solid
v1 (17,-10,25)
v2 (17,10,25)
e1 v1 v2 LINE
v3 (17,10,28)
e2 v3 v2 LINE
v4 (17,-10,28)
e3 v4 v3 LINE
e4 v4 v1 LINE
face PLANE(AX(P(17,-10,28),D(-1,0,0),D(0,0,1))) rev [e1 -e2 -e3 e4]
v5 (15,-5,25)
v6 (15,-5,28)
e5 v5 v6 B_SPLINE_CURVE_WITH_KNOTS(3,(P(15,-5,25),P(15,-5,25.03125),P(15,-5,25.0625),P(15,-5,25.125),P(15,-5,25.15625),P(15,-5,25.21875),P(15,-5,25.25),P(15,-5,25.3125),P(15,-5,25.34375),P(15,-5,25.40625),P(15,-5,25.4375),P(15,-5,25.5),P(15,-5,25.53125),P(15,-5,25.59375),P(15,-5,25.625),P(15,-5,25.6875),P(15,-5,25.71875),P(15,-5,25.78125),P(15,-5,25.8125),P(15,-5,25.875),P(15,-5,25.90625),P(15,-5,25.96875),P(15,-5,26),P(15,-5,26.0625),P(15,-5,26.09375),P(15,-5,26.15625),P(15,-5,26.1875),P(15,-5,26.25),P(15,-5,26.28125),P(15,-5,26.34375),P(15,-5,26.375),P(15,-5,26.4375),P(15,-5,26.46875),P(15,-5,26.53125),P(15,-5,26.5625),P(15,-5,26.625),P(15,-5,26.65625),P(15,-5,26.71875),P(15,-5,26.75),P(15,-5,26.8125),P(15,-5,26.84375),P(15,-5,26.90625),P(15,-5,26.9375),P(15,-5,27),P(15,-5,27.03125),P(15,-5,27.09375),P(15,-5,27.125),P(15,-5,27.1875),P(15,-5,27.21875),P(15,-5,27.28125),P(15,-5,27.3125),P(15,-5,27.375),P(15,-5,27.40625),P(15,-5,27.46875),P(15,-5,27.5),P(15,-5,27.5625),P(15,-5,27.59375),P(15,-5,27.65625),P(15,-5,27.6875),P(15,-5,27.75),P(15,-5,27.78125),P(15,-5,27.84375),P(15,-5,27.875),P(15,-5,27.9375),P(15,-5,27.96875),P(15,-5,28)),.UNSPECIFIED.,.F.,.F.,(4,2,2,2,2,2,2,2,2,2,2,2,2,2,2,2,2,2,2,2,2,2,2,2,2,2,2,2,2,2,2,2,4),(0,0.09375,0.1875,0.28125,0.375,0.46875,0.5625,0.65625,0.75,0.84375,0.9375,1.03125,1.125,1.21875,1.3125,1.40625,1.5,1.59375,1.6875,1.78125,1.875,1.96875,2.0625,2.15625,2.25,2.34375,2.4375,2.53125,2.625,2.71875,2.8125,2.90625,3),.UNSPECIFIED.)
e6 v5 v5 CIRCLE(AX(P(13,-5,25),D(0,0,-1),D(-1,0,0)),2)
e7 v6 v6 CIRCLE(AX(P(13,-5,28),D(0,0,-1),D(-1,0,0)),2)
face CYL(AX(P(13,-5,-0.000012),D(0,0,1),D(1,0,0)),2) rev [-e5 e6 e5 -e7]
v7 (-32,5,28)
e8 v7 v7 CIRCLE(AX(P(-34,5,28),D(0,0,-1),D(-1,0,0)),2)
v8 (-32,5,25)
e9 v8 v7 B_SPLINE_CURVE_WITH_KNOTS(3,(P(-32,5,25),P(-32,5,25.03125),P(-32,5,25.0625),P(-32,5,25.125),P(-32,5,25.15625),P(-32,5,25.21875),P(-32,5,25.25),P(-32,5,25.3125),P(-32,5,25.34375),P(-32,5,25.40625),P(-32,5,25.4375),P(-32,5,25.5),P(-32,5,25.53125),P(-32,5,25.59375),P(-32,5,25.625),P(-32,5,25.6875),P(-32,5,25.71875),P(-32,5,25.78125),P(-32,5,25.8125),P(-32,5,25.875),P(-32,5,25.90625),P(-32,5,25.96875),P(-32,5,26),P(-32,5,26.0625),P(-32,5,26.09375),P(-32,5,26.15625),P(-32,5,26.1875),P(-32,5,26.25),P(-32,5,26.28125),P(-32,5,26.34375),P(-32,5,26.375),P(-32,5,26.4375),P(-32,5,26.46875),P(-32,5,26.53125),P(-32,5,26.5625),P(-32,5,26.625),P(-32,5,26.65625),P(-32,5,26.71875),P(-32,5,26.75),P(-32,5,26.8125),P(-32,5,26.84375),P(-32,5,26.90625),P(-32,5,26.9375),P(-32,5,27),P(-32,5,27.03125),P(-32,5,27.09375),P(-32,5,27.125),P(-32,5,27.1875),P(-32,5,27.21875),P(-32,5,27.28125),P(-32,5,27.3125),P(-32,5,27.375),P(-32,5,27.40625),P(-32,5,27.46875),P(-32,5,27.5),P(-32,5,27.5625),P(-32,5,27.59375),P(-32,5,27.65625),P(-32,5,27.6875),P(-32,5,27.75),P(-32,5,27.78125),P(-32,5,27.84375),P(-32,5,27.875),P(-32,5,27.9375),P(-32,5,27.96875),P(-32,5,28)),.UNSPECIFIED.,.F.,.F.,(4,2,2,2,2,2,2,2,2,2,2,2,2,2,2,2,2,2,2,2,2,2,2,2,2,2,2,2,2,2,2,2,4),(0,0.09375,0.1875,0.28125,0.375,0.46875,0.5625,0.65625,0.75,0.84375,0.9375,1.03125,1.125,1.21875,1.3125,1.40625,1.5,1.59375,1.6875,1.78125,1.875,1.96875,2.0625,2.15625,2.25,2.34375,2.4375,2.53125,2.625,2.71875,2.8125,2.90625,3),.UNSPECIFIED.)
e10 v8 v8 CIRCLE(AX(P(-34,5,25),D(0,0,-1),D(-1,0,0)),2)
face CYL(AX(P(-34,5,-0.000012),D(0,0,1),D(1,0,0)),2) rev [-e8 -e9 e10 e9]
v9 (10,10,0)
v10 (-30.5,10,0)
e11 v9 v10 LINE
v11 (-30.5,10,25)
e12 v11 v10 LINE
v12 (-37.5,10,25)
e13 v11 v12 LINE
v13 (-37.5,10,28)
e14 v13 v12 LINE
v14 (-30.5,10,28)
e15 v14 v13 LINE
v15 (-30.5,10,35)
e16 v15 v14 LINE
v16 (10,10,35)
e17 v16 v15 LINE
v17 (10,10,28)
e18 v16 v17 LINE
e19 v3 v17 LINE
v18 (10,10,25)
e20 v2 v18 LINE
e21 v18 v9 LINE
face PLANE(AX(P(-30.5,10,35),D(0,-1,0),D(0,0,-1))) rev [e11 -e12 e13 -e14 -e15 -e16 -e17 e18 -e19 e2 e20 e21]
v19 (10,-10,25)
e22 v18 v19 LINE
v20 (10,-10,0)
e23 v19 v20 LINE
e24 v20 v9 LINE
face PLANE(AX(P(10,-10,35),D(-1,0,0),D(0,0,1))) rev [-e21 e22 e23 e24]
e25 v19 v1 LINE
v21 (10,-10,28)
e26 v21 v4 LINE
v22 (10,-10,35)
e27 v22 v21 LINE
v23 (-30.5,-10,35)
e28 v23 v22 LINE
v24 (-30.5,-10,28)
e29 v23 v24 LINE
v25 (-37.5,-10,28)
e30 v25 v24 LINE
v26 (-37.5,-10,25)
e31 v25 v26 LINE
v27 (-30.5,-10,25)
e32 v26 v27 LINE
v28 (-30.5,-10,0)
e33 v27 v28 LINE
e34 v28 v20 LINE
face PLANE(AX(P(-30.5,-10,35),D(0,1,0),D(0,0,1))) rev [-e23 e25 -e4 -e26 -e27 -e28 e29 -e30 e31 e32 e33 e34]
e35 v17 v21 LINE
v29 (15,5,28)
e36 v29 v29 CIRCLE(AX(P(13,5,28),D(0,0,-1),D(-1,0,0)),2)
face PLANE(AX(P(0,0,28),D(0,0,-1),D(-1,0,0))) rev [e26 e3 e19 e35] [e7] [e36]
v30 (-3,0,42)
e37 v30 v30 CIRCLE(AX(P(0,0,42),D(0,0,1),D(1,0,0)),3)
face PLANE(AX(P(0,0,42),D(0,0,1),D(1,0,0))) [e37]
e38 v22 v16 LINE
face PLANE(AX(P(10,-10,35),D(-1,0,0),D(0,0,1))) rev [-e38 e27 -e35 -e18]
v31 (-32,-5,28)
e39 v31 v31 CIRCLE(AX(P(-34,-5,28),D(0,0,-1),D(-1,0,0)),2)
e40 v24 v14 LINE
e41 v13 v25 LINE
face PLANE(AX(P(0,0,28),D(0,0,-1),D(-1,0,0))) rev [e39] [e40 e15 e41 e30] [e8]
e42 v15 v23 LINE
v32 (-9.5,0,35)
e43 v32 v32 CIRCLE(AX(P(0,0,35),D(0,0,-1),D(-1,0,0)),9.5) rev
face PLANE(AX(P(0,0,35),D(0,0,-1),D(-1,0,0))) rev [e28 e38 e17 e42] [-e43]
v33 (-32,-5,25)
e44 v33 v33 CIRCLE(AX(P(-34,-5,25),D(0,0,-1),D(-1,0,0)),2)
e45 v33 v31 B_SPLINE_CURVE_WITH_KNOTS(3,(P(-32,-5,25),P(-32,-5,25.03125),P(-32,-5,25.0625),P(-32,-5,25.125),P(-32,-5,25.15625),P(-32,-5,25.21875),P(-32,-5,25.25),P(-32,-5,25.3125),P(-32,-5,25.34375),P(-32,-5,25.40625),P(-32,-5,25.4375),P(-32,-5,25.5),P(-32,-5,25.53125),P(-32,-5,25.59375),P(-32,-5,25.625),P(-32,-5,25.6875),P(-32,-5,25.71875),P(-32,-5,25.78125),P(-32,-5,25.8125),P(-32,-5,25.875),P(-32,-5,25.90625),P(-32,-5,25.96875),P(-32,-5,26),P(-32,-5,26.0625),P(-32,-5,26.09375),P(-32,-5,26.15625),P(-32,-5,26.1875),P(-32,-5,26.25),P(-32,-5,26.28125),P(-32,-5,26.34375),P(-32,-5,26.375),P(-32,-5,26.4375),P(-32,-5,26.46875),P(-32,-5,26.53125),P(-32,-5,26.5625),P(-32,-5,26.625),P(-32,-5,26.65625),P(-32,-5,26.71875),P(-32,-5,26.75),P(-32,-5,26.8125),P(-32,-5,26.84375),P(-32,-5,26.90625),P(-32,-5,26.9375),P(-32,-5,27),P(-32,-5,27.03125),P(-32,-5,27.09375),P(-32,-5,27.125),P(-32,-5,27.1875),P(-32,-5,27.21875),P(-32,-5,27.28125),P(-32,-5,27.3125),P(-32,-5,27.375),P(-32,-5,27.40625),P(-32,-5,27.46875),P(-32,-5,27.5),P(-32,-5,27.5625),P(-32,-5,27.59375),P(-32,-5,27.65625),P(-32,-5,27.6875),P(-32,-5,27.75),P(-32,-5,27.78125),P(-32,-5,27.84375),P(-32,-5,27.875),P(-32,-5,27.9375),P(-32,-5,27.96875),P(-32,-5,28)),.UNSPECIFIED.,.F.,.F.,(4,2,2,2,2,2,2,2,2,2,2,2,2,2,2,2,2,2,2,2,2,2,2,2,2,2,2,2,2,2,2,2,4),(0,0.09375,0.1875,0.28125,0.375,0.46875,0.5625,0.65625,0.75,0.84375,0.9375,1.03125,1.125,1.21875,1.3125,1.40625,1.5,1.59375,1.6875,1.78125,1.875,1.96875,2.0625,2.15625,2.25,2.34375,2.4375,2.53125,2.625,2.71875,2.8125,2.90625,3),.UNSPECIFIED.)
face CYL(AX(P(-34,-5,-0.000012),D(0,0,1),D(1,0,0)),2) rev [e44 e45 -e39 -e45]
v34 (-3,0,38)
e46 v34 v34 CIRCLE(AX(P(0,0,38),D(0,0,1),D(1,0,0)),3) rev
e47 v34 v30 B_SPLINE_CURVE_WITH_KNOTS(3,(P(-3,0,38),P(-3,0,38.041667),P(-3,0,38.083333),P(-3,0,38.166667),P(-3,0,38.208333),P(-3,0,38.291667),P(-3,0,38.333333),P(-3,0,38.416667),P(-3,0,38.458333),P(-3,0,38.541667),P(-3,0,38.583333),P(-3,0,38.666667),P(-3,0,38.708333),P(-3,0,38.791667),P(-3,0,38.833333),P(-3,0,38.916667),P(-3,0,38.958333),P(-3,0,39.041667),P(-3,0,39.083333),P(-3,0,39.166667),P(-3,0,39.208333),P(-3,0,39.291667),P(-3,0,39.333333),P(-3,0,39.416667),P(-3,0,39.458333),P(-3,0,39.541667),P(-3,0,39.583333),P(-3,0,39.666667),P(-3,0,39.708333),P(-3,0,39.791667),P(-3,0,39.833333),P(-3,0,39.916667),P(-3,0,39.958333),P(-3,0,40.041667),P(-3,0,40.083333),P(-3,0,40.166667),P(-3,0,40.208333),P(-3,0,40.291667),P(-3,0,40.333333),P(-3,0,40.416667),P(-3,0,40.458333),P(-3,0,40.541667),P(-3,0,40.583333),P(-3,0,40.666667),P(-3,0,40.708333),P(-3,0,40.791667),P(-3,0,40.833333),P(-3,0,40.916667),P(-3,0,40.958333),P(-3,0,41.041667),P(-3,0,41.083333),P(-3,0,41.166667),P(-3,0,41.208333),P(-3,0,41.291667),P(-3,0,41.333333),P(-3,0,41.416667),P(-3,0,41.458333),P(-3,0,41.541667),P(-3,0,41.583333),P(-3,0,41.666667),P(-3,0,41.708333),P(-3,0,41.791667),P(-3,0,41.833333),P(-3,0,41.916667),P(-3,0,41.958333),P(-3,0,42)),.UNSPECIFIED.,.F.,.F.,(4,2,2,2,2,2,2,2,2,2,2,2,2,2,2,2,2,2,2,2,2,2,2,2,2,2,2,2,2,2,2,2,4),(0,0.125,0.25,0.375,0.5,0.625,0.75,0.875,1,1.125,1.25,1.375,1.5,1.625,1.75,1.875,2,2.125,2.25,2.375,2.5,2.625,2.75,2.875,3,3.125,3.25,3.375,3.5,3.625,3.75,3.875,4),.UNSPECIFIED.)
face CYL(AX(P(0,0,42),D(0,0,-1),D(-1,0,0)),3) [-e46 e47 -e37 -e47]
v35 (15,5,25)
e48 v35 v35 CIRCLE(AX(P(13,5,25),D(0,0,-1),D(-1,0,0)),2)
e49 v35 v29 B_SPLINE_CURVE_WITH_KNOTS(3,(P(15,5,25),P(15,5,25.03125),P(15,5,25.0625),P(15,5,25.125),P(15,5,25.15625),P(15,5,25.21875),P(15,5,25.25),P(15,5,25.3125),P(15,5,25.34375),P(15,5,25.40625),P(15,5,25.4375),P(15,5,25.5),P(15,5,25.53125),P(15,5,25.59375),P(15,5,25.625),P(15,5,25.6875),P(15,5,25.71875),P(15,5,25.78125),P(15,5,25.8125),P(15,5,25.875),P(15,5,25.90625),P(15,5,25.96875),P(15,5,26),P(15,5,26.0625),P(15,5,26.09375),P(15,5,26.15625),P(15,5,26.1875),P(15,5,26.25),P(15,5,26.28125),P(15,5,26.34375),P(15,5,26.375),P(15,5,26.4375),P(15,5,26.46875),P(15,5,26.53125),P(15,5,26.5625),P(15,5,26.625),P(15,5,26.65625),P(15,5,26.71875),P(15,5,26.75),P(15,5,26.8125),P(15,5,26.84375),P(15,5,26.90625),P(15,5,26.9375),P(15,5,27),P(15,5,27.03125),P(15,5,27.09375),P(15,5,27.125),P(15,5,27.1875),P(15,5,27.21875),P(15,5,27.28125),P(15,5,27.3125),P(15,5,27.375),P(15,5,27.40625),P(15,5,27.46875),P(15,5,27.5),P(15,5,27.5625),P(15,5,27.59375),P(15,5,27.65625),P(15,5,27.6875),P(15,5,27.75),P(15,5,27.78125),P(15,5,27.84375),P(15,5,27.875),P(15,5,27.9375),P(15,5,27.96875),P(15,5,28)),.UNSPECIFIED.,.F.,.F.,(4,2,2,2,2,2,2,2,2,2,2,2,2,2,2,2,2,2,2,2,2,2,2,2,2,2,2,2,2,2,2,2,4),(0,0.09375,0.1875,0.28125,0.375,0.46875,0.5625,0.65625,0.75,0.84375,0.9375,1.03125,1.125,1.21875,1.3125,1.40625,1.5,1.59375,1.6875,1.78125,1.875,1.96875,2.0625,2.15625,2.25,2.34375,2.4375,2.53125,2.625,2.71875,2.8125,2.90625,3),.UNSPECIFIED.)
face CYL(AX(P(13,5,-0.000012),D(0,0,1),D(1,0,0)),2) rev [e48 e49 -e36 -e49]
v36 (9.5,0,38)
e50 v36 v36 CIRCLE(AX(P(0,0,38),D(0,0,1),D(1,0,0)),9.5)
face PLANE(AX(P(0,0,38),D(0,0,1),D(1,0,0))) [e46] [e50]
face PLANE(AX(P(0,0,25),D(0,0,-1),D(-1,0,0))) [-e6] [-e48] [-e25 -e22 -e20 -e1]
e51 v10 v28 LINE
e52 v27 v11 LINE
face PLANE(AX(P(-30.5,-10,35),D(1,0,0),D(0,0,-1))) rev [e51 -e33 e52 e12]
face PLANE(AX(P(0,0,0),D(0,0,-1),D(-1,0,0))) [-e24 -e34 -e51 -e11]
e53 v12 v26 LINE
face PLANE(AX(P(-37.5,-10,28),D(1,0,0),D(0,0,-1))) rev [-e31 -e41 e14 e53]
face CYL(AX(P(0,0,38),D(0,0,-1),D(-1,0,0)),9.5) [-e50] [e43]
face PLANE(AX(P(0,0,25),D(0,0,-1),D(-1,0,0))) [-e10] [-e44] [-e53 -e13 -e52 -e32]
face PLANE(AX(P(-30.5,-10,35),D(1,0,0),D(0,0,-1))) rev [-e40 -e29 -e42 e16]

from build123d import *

# Parameters (mm, degrees)
SKETCH_1_W                            = 40.5
SKETCH_1_H                            = 20
MG995_CASE_PHOTO_APPROX35_DEPTH       = 35
MOUNTING_EARS_APPROX54P5_START        = 25
SKETCH_2_W                            = 54.5
SKETCH_2_H                            = 20
MOUNTING_EARS_APPROX54P5_DEPTH        = 3
SKETCH_3_R                            = 9.5
RAISED_COVER_APPROX_DEPTH             = 38
SKETCH_4_R                            = 3
OUTPUT_SHAFT_ENVELOPE_NO_SPLINE_DEPTH = 42
EAR_HOLES_REFERENCE_47X10_DEPTH       = 58.18609971
EAR_HOLES_REFERENCE_47X10_DEPTH_BACK  = 58.18609971
SKETCH_5_R                            = 2


with BuildPart() as part:
    # 草图1 → MG995_case_photo_approx35 (new body)
    with BuildSketch(Plane.XY):
        with Locations((-10.25, 0)):
            Rectangle(SKETCH_1_W, SKETCH_1_H)
    extrude(amount=MG995_CASE_PHOTO_APPROX35_DEPTH)

    # 草图2 → Mounting_ears_APPROX54p5 (add)
    with BuildSketch(Plane.XY.offset(MOUNTING_EARS_APPROX54P5_START)):
        with Locations((-10.25, 0)):
            Rectangle(SKETCH_2_W, SKETCH_2_H)
    extrude(amount=MOUNTING_EARS_APPROX54P5_DEPTH)

    # 草图3 → Raised_cover_APPROX (add)
    with BuildSketch(Plane.XY):
        with Locations(Location((0, 0, 0), (0, 0, 180))):
            Circle(SKETCH_3_R)
    extrude(amount=RAISED_COVER_APPROX_DEPTH)

    # 草图4 → Output_shaft_envelope_NO_SPLINE (add)
    with BuildSketch(Plane.XY):
        with Locations(Location((0, 0, 0), (0, 0, 180))):
            Circle(SKETCH_4_R)
    extrude(amount=OUTPUT_SHAFT_ENVELOPE_NO_SPLINE_DEPTH)

    # 草图5 → Ear_holes_REFERENCE_47x10 (cut, two sides: drawn at the far end of the back side and taken through both)
    with BuildSketch(Plane.XY.offset(-EAR_HOLES_REFERENCE_47X10_DEPTH_BACK)):
        with Locations((-34, -5)):
            Circle(SKETCH_5_R)
        with Locations((-34, 5)):
            Circle(SKETCH_5_R)
        with Locations((13, -5)):
            Circle(SKETCH_5_R)
        with Locations((13, 5)):
            Circle(SKETCH_5_R)
    extrude(amount=EAR_HOLES_REFERENCE_47X10_DEPTH + EAR_HOLES_REFERENCE_47X10_DEPTH_BACK, mode=Mode.SUBTRACT)


solid = part.part
